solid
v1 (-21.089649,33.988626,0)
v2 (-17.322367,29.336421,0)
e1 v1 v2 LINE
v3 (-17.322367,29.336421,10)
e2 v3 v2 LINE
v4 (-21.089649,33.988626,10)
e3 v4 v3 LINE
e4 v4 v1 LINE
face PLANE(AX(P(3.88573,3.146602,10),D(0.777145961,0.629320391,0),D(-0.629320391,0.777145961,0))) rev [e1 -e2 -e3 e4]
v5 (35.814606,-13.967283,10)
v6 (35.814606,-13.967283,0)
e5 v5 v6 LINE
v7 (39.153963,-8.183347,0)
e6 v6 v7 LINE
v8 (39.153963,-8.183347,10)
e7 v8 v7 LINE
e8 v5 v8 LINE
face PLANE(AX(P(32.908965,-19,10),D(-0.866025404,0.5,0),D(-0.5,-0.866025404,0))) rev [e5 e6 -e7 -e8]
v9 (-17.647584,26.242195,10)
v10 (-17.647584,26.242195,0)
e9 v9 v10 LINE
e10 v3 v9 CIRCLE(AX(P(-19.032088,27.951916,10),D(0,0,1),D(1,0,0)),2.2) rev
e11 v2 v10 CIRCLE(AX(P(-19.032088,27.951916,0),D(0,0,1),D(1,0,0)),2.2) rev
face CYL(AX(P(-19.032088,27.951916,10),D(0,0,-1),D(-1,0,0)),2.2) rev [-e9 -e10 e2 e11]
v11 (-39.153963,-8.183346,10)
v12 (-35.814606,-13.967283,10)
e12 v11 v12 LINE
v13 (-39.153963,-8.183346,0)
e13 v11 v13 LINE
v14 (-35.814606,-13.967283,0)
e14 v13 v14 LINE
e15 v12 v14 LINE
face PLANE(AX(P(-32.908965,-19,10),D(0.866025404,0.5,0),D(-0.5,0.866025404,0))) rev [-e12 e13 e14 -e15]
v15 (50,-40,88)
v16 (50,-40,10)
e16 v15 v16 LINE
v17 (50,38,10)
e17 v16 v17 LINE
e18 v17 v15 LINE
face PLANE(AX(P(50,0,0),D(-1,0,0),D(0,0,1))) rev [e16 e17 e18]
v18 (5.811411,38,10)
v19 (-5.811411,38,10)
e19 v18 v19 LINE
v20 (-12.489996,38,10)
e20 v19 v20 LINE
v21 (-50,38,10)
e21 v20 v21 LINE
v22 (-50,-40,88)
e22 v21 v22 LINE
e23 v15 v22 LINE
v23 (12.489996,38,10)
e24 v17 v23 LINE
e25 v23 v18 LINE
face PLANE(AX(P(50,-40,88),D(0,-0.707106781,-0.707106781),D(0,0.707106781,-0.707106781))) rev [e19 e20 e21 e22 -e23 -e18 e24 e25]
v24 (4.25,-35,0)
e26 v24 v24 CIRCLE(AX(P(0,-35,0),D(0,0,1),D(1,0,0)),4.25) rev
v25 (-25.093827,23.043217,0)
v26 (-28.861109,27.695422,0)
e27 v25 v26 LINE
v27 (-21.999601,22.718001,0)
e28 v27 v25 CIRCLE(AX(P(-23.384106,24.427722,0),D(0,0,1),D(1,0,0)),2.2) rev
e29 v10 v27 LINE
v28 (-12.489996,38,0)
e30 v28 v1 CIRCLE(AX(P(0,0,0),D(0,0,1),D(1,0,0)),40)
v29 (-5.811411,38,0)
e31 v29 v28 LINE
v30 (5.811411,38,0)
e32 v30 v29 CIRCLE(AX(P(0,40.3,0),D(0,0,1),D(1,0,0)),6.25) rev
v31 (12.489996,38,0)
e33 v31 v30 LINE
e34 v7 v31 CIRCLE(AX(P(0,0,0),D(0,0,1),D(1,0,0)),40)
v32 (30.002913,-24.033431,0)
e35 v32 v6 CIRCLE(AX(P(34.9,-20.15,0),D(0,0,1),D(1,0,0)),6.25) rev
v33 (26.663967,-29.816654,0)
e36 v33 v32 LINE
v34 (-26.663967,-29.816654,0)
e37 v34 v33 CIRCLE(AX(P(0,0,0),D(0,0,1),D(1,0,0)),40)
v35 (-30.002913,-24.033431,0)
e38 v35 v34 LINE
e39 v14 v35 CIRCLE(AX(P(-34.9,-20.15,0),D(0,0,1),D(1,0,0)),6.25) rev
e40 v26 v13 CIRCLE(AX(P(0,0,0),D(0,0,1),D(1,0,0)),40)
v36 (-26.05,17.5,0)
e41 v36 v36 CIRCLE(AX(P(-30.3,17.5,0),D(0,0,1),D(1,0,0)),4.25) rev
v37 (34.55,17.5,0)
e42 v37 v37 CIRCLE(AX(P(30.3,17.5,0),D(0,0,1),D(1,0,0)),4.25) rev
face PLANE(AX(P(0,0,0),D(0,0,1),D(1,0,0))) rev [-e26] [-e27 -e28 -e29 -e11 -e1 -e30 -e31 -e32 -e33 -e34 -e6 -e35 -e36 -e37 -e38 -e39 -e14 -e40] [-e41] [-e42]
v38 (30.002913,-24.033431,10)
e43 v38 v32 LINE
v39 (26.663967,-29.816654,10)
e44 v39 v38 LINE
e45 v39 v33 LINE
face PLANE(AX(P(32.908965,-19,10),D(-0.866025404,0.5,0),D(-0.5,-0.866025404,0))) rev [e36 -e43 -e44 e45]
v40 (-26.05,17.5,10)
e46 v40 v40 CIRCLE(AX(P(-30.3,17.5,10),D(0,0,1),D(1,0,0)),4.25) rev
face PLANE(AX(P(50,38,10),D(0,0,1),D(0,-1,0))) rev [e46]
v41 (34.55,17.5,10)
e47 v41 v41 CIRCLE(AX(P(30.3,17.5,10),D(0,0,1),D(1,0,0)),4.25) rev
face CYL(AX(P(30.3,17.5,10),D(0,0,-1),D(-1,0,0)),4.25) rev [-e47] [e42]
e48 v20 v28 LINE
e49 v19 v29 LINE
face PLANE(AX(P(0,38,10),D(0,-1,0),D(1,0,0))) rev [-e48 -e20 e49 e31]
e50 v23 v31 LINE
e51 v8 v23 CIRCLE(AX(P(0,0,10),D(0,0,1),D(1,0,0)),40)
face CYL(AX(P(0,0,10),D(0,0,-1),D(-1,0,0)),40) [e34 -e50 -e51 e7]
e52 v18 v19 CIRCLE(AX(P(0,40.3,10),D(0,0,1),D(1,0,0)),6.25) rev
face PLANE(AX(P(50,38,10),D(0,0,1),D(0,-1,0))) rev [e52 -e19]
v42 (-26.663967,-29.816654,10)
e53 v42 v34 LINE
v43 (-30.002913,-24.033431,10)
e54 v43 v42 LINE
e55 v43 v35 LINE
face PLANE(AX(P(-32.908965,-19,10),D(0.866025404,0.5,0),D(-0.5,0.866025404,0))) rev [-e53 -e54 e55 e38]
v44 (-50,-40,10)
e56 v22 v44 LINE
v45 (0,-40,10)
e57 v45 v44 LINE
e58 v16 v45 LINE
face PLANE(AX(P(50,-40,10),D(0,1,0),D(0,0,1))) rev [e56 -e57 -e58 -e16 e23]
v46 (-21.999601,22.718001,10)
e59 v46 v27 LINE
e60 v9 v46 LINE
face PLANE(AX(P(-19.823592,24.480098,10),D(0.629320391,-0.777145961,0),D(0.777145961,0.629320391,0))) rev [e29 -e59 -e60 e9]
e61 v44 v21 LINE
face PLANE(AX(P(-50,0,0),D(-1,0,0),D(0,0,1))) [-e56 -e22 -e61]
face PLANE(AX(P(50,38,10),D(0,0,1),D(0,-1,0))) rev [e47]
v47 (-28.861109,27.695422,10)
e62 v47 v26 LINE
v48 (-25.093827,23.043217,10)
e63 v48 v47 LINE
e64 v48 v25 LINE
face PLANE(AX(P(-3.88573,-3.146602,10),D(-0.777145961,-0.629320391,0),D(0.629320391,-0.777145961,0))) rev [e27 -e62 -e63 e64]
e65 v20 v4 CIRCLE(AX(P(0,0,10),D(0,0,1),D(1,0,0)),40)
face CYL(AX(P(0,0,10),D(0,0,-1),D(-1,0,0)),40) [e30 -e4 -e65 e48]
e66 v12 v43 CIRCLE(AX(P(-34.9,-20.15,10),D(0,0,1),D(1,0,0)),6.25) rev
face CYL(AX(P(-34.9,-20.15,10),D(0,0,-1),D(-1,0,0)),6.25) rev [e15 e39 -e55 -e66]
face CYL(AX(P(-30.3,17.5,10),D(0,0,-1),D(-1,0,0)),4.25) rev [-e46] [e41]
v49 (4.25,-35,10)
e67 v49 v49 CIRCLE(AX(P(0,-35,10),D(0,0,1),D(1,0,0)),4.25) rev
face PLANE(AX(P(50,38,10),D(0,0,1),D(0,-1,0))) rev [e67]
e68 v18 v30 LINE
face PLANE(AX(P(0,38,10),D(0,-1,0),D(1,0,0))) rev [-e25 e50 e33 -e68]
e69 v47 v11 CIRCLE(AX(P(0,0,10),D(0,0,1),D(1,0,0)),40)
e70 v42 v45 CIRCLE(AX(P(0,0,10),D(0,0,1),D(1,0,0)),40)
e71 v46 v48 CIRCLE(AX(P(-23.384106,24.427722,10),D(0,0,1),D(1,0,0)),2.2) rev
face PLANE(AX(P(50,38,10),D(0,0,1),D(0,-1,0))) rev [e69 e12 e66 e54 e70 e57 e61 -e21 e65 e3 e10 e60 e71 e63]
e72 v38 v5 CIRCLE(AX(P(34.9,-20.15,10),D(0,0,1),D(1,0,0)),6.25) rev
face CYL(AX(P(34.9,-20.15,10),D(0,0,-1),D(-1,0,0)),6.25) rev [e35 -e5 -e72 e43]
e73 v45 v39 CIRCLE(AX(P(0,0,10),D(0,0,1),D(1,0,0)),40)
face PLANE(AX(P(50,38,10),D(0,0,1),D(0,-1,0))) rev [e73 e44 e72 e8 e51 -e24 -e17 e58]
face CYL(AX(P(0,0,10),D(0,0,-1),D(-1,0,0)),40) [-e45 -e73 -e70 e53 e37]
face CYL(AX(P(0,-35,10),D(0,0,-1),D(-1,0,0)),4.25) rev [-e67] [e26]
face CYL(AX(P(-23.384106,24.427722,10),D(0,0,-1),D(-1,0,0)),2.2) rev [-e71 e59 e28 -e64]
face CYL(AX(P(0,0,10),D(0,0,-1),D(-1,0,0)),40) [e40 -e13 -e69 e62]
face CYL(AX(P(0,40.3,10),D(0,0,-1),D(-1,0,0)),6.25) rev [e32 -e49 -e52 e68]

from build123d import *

# Parameters (mm, degrees)
ESTRUSIONE_ESTRUSIONE2_DEPTH = 10
ESTRUSIONE_ESTRUSIONE3_DEPTH = 50


with BuildPart() as part:
    # Schizzo4 → Estrusione-Estrusione2 (new body)
    with BuildSketch(Plane.XY):
        with BuildLine():
            ThreePointArc((5.811411188, 38), (0, 34.05), (-5.811411188, 38))
            Line((-5.811411188, 38), (-12.489995997, 38))
            ThreePointArc((-12.489995997, 38), (-16.909196271, 36.250228709), (-21.089648938, 33.988626151))
            Line((-21.089648938, 33.988626151), (-17.322367371, 29.336420856))
            ThreePointArc((-17.322367371, 29.336420856), (-16.844140316, 27.721953377), (-17.647583626, 26.242194881))
            Line((-17.647583626, 26.242194881), (-21.99960101, 22.718000691))
            ThreePointArc((-21.99960101, 22.718000691), (-23.61406849, 22.239773636), (-25.093826986, 23.043216946))
            Line((-25.093826986, 23.043216946), (-28.861108553, 27.695422241))
            ThreePointArc((-28.861108553, 27.695422241), (-38.449109313, 11.03023087), (-39.153963342, -8.183346174))
            Line((-39.153963342, -8.183346174), (-35.814606143, -13.967282507))
            ThreePointArc((-35.814606143, -13.967282507), (-29.487341226, -17.025), (-30.002912658, -24.033430901))
            Line((-30.002912658, -24.033430901), (-26.663967345, -29.816653826))
            ThreePointArc((-26.663967345, -29.816653826), (0, -40), (26.663967345, -29.816653826))
            Line((26.663967345, -29.816653826), (30.002912658, -24.033430901))
            ThreePointArc((30.002912658, -24.033430901), (29.487341226, -17.025), (35.814606143, -13.967282507))
            Line((35.814606143, -13.967282507), (39.153963342, -8.183346174))
            ThreePointArc((39.153963342, -8.183346174), (34.641016151, 20), (12.489995997, 38))
            Line((12.489995997, 38), (5.811411188, 38))
        make_face()
        with BuildLine():
            ThreePointArc((-9, -33.621), (-10.621, -32), (-9, -30.379))
            ThreePointArc((-9, -30.379), (-7.379, -32), (-9, -33.621))
        make_face(mode=Mode.SUBTRACT)
        with BuildLine():
            ThreePointArc((9, -33.621), (7.379, -32), (9, -30.379))
            ThreePointArc((9, -30.379), (10.621, -32), (9, -33.621))
        make_face(mode=Mode.SUBTRACT)
        with BuildLine():
            ThreePointArc((-30.3, 21.75), (-26.05, 17.5), (-30.3, 13.25))
            ThreePointArc((-30.3, 13.25), (-34.55, 17.5), (-30.3, 21.75))
        make_face(mode=Mode.SUBTRACT)
        with BuildLine():
            ThreePointArc((30.3, 21.75), (34.55, 17.5), (30.3, 13.25))
            ThreePointArc((30.3, 13.25), (26.05, 17.5), (30.3, 21.75))
        make_face(mode=Mode.SUBTRACT)
        with BuildLine():
            ThreePointArc((0, -30.75), (4.25, -35), (0, -39.25))
            ThreePointArc((0, -39.25), (-4.25, -35), (0, -30.75))
        make_face(mode=Mode.SUBTRACT)
        with BuildLine():
            ThreePointArc((-35, -3.5), (-38.5, 0), (-35, 3.5))
            ThreePointArc((-35, 3.5), (-31.5, 0), (-35, -3.5))
        make_face(mode=Mode.SUBTRACT)
        with BuildLine():
            ThreePointArc((35, -3.5), (31.5, 0), (35, 3.5))
            ThreePointArc((35, 3.5), (38.5, 0), (35, -3.5))
        make_face(mode=Mode.SUBTRACT)
        with BuildLine():
            ThreePointArc((0, 27.5), (27.5, 0), (0, -27.5))
            ThreePointArc((0, -27.5), (-27.5, 0), (0, 27.5))
        make_face(mode=Mode.SUBTRACT)
        with BuildLine():
            ThreePointArc((25, 22.933), (22.933, 25), (25, 27.067))
            ThreePointArc((25, 27.067), (27.067, 25), (25, 22.933))
        make_face(mode=Mode.SUBTRACT)
        with BuildLine():
            ThreePointArc((0, -27.5), (-27.5, 0), (0, 27.5))
            ThreePointArc((0, 27.5), (27.5, 0), (0, -27.5))
        make_face()
        with BuildLine():
            ThreePointArc((-35, 3.5), (-31.5, 0), (-35, -3.5))
            ThreePointArc((-35, -3.5), (-38.5, 0), (-35, 3.5))
        make_face()
        with BuildLine():
            ThreePointArc((9, -30.379), (10.621, -32), (9, -33.621))
            ThreePointArc((9, -33.621), (7.379, -32), (9, -30.379))
        make_face()
        with BuildLine():
            ThreePointArc((-9, -30.379), (-7.379, -32), (-9, -33.621))
            ThreePointArc((-9, -33.621), (-10.621, -32), (-9, -30.379))
        make_face()
        with BuildLine():
            ThreePointArc((35, 3.5), (38.5, 0), (35, -3.5))
            ThreePointArc((35, -3.5), (31.5, 0), (35, 3.5))
        make_face()
        with BuildLine():
            ThreePointArc((25, 27.067), (27.067, 25), (25, 22.933))
            ThreePointArc((25, 22.933), (22.933, 25), (25, 27.067))
        make_face()
    extrude(amount=ESTRUSIONE_ESTRUSIONE2_DEPTH)

    # Schizzo5 → Estrusione-Estrusione3 (add, symmetric)
    with BuildSketch(Plane(origin=(0, 0, 0), x_dir=(0, 0, -1), z_dir=(1, 0, 0))):
        Polygon((-10, 38), (-10, -40), (-88, -40), align=None)
    extrude(amount=ESTRUSIONE_ESTRUSIONE3_DEPTH, both=True)


solid = part.part
